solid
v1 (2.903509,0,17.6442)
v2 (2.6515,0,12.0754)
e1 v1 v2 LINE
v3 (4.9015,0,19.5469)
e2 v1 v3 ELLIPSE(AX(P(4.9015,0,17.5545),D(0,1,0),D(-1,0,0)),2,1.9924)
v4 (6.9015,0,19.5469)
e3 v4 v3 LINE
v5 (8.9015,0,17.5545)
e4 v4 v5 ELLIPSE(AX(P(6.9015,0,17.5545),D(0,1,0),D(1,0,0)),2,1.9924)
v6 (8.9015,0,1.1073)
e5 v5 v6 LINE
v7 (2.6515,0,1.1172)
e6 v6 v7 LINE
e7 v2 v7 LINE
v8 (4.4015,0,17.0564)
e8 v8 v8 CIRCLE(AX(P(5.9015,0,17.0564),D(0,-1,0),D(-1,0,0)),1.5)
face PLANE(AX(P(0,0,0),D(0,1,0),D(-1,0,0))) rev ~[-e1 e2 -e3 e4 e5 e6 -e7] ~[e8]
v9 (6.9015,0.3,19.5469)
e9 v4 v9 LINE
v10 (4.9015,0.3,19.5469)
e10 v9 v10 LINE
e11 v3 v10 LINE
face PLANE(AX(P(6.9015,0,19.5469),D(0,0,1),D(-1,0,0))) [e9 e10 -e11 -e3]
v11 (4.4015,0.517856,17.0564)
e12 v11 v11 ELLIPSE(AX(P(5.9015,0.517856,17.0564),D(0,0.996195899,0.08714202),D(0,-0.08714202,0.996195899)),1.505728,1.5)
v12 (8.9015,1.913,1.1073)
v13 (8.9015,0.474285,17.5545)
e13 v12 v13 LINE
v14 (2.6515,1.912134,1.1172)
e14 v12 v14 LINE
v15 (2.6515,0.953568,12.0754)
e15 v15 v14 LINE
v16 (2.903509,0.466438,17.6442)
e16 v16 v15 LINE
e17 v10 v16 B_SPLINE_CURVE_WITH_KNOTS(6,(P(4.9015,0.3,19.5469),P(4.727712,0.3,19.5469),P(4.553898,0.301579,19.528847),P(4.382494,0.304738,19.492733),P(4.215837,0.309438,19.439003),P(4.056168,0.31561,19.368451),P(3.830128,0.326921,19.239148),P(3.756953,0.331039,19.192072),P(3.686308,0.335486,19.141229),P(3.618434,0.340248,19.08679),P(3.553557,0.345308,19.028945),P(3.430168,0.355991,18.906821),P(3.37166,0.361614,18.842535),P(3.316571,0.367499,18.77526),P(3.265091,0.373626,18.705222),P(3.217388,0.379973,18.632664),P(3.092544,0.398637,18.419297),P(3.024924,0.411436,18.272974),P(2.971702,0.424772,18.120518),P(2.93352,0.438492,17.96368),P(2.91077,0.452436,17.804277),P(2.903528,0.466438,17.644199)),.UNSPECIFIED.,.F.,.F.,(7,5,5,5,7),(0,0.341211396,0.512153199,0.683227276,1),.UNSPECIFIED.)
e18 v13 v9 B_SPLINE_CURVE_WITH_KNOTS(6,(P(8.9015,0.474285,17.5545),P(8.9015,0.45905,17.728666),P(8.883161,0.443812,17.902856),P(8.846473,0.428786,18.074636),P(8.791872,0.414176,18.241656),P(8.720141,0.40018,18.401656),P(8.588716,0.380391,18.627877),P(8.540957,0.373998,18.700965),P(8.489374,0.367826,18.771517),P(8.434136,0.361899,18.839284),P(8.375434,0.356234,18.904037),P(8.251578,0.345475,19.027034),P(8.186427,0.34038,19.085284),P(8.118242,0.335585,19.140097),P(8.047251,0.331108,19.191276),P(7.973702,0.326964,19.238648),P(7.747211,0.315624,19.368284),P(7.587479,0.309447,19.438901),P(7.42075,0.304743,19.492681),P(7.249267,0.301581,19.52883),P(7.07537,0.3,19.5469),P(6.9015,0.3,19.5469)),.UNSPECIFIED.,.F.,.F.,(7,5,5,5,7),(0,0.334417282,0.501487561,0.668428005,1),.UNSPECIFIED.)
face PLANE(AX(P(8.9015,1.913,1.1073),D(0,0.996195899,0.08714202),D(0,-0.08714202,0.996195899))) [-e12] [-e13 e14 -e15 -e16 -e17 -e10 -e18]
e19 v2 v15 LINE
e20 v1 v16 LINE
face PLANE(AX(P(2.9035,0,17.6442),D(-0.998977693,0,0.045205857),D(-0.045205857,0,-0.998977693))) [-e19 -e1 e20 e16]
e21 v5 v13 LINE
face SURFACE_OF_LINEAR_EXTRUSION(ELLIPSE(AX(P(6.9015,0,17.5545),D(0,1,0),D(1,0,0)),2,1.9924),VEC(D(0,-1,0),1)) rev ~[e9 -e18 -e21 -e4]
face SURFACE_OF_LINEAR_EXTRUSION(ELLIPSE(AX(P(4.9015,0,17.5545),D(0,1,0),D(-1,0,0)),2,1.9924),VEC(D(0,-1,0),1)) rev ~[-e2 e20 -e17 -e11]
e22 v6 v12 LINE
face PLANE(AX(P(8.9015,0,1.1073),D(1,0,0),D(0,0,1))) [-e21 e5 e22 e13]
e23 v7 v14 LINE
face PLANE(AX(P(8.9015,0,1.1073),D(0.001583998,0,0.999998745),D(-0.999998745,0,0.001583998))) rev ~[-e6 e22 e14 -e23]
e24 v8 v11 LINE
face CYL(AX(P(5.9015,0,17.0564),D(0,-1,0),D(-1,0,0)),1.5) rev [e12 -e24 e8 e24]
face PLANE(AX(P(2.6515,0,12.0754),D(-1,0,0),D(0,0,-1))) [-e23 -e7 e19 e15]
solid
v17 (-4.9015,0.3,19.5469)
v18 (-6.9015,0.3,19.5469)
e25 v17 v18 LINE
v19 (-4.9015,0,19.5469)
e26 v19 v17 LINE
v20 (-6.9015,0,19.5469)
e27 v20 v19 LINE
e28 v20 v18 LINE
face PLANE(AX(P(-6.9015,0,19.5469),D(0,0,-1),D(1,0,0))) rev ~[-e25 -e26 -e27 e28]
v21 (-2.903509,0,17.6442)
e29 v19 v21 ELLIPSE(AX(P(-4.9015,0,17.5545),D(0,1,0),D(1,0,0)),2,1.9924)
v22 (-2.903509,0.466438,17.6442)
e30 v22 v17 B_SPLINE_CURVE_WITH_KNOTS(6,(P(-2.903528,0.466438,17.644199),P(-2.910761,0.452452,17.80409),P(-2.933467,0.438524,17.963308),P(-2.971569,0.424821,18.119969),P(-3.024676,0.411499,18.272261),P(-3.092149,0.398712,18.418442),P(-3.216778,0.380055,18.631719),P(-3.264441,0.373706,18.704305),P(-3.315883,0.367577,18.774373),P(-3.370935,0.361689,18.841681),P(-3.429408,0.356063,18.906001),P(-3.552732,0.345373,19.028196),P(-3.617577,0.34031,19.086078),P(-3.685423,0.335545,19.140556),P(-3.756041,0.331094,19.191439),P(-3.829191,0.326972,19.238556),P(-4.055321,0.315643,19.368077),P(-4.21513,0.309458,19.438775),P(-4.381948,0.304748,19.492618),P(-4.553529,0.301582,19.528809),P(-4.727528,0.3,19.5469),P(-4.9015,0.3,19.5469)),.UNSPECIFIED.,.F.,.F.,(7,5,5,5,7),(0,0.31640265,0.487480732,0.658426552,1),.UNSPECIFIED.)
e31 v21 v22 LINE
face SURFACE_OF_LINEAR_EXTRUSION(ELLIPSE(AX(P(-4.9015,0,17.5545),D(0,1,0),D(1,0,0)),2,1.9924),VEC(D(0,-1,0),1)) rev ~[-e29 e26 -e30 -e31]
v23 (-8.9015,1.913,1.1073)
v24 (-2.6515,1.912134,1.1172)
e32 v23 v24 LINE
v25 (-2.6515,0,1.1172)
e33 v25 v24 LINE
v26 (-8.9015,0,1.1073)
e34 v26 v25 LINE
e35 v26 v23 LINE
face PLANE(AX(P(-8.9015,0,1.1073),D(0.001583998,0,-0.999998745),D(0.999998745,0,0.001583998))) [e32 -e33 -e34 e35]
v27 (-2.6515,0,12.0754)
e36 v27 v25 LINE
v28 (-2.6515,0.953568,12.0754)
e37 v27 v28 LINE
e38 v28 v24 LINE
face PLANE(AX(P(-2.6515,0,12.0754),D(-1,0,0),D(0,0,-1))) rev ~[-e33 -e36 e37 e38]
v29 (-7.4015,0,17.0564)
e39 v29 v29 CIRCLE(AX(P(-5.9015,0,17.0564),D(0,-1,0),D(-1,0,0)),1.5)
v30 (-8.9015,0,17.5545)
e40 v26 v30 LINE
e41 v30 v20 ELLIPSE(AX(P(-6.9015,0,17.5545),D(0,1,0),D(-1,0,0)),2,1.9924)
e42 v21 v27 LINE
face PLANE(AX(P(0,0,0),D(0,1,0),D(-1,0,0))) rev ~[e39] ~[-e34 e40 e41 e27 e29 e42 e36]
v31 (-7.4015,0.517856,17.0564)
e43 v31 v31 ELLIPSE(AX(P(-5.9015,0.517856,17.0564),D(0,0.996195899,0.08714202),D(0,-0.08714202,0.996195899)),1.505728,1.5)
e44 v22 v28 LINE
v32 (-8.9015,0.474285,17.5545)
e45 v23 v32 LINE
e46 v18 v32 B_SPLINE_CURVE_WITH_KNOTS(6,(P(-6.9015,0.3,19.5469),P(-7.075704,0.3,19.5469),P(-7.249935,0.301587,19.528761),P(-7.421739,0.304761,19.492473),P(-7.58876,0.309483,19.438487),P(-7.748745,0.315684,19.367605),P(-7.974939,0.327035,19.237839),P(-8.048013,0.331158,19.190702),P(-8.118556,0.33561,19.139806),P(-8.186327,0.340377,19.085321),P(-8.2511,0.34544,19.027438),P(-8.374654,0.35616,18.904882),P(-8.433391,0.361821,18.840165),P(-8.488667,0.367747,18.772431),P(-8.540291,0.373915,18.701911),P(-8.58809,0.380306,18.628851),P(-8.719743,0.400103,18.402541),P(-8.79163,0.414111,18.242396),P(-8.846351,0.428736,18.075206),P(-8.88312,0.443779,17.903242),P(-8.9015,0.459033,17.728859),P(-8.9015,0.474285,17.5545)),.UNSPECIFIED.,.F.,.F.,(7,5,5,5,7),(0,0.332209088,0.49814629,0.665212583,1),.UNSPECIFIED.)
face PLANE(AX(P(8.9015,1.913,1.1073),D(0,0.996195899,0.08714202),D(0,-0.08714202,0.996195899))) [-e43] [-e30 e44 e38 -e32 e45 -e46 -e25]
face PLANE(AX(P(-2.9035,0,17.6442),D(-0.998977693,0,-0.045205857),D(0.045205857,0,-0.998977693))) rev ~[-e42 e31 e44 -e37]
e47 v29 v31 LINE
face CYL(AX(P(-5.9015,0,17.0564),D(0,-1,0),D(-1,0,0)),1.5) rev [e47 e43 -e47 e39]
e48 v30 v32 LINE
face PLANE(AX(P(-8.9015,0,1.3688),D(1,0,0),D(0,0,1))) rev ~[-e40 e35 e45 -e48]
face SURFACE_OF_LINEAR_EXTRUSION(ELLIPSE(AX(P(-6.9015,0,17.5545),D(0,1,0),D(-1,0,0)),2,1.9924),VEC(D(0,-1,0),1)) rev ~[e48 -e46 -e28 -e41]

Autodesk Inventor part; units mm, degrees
ref_plane "YZ Plane" through (0, 0, 0) normal (1, 0, 0) x (0, 1, 0)
ref_plane "XZ Plane" through (0, 0, 0) normal (0, 1, 0) x (-1, 0, 0)
ref_plane "XY Plane" through (0, 0, 0) normal (0, 0, 1) x (1, 0, 0)
sketch "Sketch1" plane through (0, 0, 0) normal (0, 1, 0) x (-1, 0, 0)
  line L0 (-8.9015, 1.1073) -> (-8.9015, 17.5545)
  line L1 (-2.6515, 1.1073) -> (-8.9015, 1.1073)
  line L2 (-2.6515, 12.0754) -> (-2.6515, 1.1172)
  line L3 (-2.9035, 17.6442) -> (-2.6515, 12.0754)
  ellipse E0 centre (-4.9015, 17.5545) end of major axis (-2.9015, 17.5545) minor radius 1.9924 (-2.9035, 17.6442) -> (-4.9015, 19.5469) ccw
  line L4 (-6.9015, 19.5469) -> (-4.9015, 19.5469)
  ellipse E1 centre (-6.9015, 17.5545) end of major axis (-8.9015, 17.5545) minor radius 1.9924 (-6.9015, 19.5469) -> (-8.9015, 17.5545) ccw
  ellipse E2 centre (-5.9015, 17.0564) end of major axis (-4.4015, 17.0564) minor radius 1.4943
  line L5 (-8.9015, 1.1073) -> (-8.9015, 1.3688)
  line L6 (-8.9015, 1.1073) -> (-2.6515, 1.1172)
  line L7 (-2.6515, 1.1172) -> (-2.6515, 12.0754)
  line L8 (-2.6515, 12.0754) -> (-2.9035, 17.6442)
  line L9 (-8.9015, 1.1073) -> (-8.9015, 17.5545)
  line L10 (-6.9015, 19.5469) -> (-4.9015, 19.5469)
  circle A0 centre (-5.9015, 17.0564) radius 1.5
  line L11 (8.9015, 1.1073) -> (8.9015, 17.5545)
  line L12 (2.6515, 1.1073) -> (8.9015, 1.1073)
  line L13 (2.6515, 12.0754) -> (2.6515, 1.1172)
  line L14 (2.9035, 17.6442) -> (2.6515, 12.0754)
  ellipse E3 centre (4.9015, 17.5545) end of major axis (2.9015, 17.5545) minor radius 1.9924 (4.9015, 19.5469) -> (2.9035, 17.6442) ccw
  line L15 (6.9015, 19.5469) -> (4.9015, 19.5469)
  ellipse E4 centre (6.9015, 17.5545) end of major axis (8.9015, 17.5545) minor radius 1.9924 (8.9015, 17.5545) -> (6.9015, 19.5469) ccw
  ellipse E5 centre (5.9015, 17.0564) end of major axis (4.4015, 17.0564) minor radius 1.4943
  line L16 (8.9015, 1.1073) -> (8.9015, 1.3688)
  line L17 (8.9015, 1.1073) -> (2.6515, 1.1172)
  line L18 (2.6515, 1.1172) -> (2.6515, 12.0754)
  line L19 (2.6515, 12.0754) -> (2.9035, 17.6442)
  line L20 (8.9015, 1.1073) -> (8.9015, 17.5545)
  line L21 (6.9015, 19.5469) -> (4.9015, 19.5469)
  circle A1 centre (5.9015, 17.0564) radius 1.5
  point P0 (0, 0)
  point P1 (-18.0813, 13.3212)
extrude "Extrusion1" add sketch "Sketch1" along normal blind 2
sketch "Sketch2" plane through (8.9015, 0, 17.5545) normal (1, 0, 0) x (0, 0, -1)
  line L0 (0, 0) -> (-1.9924, 0) projected
  line L1 (16.4472, 1.913) -> (-1.9924, 0.3)
  line L2 (16.4472, 1.913) -> (16.4472, 3.4659)
  line L3 (16.4472, 3.4659) -> (-1.9924, 3.4659)
  line L4 (-1.9924, 3.4659) -> (-1.9924, 0.3)
  point P0 (17.5545, 0)
  point P1 (16.4472, 0)
  dimension "d4" = 0.3
  dimension "d5" = 1.913
extrude "Extrusion2" cut sketch "Sketch2" against normal through all
properties part number "5degree spacer"
